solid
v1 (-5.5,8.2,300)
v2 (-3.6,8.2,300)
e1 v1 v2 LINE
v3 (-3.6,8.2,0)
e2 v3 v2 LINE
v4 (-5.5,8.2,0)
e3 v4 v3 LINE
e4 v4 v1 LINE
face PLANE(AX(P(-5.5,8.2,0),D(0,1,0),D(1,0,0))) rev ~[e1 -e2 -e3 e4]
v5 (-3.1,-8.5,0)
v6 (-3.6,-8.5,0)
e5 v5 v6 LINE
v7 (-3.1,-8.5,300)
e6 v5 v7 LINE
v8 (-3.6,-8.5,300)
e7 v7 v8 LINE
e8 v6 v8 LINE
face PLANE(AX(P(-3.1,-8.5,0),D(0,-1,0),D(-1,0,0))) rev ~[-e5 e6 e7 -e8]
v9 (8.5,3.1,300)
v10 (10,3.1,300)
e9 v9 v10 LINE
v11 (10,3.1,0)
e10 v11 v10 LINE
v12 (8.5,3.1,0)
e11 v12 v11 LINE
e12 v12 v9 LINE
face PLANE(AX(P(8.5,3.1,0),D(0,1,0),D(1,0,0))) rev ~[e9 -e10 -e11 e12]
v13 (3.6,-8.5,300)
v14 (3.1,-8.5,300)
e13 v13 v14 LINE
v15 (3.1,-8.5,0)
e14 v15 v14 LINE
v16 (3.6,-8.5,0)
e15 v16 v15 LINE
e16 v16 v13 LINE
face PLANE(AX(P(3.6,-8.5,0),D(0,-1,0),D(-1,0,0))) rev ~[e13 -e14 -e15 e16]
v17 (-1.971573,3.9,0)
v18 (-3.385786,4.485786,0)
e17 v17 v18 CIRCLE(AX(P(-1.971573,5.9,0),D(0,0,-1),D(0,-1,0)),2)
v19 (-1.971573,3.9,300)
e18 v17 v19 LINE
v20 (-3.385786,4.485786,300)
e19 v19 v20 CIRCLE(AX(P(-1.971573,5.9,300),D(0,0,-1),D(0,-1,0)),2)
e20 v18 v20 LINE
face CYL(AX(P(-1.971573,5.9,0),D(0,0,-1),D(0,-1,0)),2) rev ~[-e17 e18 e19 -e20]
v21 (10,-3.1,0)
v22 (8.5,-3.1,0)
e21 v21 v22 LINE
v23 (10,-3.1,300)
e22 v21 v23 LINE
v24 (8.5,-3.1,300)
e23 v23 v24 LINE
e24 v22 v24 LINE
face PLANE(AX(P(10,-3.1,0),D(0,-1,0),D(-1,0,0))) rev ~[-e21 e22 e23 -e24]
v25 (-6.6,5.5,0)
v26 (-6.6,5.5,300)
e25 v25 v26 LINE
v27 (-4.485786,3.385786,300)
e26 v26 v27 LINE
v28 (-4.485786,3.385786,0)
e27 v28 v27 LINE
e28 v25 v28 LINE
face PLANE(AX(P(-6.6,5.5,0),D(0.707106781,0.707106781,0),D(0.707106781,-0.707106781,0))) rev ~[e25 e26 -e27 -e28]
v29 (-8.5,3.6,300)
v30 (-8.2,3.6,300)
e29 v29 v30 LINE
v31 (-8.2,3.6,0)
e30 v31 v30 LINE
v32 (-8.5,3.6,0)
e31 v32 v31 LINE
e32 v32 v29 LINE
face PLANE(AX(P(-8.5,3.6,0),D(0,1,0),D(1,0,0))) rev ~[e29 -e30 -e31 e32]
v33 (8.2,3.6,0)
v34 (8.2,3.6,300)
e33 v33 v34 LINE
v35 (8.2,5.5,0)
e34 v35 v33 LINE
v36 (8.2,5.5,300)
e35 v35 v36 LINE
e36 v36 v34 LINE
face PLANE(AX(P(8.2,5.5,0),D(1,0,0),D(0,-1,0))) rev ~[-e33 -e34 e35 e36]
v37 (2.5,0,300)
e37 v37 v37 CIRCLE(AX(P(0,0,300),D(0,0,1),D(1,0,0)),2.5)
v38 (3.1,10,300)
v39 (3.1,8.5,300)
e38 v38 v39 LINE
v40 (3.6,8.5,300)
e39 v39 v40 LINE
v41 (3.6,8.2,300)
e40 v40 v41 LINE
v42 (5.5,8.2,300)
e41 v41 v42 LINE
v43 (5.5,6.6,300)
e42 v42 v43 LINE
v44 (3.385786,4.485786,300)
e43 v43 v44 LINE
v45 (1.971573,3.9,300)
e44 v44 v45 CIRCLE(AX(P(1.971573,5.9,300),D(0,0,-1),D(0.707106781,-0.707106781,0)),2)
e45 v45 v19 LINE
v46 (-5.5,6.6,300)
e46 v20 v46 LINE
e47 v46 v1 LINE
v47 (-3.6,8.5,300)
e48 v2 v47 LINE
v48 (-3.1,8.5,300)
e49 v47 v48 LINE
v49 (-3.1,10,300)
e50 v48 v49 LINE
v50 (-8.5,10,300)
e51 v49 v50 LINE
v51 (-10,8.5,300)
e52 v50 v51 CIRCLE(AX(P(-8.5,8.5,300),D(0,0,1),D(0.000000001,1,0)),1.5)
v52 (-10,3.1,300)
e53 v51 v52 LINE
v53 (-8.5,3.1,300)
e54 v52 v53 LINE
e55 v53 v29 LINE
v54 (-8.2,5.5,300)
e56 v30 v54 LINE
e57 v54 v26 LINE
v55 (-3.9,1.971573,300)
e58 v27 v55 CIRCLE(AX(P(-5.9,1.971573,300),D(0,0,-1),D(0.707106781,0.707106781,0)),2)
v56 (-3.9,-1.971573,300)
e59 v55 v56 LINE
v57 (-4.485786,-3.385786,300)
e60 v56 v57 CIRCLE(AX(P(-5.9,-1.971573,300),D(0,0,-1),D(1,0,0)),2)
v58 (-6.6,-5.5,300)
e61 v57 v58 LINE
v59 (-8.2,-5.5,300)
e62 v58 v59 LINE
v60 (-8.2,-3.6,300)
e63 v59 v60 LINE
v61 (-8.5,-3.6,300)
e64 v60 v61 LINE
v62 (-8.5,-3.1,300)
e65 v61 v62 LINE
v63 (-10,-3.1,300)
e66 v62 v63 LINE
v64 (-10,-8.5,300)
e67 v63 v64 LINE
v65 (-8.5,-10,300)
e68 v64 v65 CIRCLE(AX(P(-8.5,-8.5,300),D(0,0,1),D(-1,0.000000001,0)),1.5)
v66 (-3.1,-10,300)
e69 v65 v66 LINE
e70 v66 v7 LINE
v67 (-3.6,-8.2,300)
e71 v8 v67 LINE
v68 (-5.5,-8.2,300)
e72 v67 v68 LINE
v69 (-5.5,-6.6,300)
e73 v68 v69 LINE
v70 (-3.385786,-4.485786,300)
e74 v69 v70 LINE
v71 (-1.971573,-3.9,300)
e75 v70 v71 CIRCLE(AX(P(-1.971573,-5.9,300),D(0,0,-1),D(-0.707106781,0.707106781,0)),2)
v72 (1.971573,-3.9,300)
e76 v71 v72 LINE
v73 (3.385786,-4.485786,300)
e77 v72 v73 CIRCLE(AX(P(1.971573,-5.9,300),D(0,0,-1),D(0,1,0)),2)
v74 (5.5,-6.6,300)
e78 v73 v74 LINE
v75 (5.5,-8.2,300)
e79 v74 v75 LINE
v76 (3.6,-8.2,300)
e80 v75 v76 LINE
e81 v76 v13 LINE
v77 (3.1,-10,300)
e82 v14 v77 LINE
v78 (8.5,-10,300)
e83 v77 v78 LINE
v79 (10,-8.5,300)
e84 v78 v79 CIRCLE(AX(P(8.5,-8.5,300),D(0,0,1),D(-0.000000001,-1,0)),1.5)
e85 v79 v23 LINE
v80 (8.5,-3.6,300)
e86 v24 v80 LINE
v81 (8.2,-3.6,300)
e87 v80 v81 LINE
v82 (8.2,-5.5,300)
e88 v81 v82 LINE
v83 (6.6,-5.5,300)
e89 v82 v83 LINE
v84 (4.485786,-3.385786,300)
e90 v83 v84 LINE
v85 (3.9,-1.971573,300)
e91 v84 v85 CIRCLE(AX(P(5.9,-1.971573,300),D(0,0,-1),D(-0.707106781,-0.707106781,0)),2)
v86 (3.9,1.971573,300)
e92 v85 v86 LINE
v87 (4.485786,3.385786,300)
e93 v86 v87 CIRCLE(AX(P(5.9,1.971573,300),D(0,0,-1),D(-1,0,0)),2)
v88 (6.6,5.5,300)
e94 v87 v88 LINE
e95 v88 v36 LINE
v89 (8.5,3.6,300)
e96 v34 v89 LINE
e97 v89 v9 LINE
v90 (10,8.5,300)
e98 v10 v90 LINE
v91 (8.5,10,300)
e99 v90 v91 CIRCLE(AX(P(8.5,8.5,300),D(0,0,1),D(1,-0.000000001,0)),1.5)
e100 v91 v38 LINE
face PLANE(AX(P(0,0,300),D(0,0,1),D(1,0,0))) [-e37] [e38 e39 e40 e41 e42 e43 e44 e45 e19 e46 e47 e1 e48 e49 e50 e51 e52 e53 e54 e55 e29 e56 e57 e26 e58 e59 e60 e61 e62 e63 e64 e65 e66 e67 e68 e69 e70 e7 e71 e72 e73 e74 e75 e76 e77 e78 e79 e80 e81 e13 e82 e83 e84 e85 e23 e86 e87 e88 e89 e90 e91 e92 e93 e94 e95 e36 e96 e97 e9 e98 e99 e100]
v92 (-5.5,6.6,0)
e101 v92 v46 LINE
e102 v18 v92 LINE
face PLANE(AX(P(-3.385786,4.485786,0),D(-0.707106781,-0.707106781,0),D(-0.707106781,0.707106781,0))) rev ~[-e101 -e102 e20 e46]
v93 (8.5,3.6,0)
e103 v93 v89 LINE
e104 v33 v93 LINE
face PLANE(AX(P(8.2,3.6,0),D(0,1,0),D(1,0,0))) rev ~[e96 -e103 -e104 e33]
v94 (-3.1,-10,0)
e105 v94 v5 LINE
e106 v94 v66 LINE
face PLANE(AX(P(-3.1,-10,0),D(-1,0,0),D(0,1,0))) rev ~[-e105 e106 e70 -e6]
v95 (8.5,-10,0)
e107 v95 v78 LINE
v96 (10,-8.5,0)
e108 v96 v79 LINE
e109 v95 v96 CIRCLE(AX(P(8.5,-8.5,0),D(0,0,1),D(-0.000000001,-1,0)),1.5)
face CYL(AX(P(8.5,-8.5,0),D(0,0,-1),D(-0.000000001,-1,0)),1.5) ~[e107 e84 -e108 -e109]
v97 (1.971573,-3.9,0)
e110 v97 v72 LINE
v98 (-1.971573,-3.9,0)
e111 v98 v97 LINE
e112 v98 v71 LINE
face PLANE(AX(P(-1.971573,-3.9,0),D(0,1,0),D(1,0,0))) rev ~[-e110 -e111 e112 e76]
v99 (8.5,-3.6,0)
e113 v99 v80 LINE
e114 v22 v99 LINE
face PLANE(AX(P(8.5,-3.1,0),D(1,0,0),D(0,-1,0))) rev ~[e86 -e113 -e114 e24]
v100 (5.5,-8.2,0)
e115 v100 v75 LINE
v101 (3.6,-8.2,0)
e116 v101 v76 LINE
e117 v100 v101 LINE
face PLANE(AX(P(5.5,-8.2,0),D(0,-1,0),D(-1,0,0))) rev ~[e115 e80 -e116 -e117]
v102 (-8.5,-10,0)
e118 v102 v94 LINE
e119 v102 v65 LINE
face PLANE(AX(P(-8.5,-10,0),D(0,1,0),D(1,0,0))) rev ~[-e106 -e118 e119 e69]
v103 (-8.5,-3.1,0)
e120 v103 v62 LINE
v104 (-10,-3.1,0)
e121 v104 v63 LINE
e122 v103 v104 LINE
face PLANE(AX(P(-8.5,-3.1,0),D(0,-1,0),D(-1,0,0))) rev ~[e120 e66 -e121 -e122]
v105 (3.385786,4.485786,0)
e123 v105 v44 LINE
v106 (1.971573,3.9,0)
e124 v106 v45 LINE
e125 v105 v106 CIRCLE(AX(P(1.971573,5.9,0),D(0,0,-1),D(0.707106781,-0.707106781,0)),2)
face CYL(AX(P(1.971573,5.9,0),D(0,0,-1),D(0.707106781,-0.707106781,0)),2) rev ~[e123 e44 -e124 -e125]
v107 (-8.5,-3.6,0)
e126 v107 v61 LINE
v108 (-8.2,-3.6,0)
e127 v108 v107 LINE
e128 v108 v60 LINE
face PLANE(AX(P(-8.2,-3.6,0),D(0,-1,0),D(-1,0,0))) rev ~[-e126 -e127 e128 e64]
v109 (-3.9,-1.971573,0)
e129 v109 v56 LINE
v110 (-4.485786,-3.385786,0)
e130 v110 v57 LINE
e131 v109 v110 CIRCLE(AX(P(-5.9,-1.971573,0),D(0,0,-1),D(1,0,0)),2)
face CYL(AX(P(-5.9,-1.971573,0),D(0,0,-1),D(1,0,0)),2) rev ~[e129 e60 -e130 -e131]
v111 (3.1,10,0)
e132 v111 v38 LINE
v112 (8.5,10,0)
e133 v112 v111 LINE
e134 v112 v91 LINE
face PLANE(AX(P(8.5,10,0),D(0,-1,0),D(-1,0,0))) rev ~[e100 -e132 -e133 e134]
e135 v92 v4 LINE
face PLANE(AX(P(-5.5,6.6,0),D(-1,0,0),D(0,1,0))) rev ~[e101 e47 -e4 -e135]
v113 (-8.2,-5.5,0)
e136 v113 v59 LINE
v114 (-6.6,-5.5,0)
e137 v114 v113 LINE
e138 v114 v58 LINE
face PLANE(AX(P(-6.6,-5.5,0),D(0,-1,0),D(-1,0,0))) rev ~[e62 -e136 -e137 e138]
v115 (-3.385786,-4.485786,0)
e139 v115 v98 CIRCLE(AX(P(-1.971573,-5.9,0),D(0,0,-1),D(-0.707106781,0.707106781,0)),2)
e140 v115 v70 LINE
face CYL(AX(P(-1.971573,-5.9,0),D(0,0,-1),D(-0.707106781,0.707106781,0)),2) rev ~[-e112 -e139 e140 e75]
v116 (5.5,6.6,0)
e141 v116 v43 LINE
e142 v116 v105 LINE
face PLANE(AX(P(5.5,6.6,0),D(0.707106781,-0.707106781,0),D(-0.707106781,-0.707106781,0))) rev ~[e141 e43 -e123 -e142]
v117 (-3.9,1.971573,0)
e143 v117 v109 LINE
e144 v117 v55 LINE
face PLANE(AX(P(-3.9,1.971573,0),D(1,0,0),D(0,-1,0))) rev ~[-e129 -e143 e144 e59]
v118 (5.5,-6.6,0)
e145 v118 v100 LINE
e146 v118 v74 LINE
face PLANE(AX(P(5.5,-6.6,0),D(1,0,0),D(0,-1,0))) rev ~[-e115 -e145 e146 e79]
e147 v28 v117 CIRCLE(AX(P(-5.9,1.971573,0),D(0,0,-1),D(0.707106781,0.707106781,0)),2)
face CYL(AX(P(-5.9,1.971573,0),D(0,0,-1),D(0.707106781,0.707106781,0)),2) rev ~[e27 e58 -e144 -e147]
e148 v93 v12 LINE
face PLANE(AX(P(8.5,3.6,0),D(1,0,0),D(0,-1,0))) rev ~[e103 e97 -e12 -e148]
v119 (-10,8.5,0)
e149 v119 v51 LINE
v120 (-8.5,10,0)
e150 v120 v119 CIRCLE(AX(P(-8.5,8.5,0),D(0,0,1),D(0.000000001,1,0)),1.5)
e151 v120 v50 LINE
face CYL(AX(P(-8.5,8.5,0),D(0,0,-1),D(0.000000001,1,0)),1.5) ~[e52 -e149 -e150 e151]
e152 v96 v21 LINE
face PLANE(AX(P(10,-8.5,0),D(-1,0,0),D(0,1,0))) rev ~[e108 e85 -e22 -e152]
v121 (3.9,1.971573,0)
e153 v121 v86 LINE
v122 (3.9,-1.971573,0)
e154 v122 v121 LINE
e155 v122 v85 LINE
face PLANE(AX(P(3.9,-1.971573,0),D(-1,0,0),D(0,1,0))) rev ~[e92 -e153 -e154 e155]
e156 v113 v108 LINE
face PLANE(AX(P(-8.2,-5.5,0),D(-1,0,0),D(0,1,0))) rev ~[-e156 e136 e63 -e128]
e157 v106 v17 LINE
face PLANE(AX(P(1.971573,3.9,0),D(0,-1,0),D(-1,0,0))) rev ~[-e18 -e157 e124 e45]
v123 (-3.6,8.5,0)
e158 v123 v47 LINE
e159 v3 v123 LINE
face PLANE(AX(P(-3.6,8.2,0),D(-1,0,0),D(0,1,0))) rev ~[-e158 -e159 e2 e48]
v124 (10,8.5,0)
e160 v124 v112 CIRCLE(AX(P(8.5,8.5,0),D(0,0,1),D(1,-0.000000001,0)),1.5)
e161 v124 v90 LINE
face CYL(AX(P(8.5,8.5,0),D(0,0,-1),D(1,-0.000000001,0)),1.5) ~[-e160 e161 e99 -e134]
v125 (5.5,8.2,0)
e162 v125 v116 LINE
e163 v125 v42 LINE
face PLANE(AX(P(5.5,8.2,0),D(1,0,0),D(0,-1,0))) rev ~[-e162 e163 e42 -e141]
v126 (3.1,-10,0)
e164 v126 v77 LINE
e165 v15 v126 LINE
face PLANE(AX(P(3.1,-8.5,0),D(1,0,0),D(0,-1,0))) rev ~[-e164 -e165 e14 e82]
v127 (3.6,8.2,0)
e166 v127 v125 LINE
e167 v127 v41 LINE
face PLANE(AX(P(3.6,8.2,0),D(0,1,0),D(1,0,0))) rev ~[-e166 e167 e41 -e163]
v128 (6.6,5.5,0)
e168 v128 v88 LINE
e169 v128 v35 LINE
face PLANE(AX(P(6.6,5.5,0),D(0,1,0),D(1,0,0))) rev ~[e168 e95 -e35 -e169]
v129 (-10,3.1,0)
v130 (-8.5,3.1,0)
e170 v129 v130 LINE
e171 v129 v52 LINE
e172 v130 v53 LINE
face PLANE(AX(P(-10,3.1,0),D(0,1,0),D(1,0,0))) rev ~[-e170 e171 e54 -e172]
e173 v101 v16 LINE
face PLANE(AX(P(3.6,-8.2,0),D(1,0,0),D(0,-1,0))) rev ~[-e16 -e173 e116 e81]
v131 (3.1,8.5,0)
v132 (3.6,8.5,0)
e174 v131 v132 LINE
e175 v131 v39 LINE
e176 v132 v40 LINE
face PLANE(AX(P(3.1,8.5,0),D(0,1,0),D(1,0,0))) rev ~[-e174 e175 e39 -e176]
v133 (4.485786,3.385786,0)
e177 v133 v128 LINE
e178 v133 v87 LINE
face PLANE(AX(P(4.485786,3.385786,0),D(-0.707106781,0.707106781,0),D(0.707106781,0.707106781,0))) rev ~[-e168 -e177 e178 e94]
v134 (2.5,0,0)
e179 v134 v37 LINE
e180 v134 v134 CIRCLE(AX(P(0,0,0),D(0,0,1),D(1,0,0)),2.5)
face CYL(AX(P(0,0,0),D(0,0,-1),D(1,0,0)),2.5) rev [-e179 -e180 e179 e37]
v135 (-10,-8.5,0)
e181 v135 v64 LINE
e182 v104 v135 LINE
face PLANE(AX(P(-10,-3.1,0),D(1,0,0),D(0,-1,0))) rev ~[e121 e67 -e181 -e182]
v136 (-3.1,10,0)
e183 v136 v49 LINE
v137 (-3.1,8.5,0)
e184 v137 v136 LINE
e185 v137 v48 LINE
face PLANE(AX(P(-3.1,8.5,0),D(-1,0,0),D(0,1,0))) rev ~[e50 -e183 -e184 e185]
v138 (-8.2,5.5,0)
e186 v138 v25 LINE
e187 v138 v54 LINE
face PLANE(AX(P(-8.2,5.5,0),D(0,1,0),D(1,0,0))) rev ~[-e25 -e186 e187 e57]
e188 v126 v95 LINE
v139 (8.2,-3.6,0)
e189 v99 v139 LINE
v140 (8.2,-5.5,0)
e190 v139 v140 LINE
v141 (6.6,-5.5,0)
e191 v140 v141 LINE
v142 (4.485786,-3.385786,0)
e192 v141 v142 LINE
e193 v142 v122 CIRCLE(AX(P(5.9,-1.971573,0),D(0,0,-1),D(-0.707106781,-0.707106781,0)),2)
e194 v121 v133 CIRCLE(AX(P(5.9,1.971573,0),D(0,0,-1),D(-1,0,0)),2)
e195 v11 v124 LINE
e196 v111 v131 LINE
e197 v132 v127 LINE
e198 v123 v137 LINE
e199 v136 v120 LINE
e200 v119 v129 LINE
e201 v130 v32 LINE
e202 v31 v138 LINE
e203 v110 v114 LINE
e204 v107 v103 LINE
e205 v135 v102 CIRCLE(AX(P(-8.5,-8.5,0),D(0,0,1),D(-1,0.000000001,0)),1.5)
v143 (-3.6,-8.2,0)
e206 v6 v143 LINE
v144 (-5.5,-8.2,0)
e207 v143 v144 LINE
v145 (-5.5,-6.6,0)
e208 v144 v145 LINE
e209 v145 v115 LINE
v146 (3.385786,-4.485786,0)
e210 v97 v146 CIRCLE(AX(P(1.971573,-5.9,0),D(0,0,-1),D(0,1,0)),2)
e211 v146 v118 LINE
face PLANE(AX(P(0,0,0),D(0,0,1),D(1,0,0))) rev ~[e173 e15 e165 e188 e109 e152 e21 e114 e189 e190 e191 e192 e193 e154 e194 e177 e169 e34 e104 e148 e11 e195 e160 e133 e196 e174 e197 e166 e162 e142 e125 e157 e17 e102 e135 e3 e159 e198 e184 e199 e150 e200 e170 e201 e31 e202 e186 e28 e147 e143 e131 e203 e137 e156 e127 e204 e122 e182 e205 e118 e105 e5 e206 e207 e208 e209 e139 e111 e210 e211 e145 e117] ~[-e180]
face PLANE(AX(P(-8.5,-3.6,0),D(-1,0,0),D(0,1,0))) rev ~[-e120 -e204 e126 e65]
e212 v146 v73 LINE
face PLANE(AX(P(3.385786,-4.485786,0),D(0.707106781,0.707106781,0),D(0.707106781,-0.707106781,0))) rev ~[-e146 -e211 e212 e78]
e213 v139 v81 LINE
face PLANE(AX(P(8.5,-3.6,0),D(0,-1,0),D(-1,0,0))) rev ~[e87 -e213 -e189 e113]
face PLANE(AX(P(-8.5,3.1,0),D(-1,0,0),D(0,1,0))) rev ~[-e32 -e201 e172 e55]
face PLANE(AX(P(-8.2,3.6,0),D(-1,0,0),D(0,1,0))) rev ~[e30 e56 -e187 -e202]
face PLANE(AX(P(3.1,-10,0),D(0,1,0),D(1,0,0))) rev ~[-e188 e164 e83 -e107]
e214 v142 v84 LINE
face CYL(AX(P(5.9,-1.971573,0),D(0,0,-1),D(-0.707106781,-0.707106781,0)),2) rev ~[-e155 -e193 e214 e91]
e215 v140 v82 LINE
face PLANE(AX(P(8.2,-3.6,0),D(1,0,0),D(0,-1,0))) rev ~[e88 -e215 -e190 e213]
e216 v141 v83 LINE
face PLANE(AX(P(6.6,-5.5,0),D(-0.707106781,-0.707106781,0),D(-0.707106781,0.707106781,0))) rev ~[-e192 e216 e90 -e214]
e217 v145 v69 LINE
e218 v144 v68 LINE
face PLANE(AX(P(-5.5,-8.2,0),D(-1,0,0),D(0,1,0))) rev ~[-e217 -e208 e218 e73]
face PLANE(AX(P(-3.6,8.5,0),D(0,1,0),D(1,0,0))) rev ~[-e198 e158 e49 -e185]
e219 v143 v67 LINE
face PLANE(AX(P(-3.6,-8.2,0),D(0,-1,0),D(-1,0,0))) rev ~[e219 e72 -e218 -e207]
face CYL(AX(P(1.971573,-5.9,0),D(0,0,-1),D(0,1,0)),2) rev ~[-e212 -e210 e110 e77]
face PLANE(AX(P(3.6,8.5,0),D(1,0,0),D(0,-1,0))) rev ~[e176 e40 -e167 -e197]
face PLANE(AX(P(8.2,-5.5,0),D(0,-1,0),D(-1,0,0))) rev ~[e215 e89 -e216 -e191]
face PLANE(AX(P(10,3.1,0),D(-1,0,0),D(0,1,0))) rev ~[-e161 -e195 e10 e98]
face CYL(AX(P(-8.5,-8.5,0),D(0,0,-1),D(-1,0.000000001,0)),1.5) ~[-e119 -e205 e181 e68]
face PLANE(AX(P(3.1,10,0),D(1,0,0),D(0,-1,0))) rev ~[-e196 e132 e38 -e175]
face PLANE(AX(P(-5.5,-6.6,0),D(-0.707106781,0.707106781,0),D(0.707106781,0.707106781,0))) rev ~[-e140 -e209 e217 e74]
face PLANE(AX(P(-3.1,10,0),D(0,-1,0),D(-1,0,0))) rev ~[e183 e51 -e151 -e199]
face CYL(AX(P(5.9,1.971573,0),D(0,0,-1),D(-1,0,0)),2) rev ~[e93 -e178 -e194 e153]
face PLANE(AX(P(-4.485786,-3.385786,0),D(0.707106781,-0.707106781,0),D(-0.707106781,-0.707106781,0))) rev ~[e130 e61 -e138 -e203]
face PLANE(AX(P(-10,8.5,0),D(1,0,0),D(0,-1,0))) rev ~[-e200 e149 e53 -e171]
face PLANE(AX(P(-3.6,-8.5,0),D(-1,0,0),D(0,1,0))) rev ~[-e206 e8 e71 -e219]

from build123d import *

# Parameters (mm, degrees)
SKETCH1_R           = 2.5
BOSS_EXTRUDE1_DEPTH = 300


with BuildPart() as part:
    # Sketch1 → Boss-Extrude1 (new body)
    with BuildSketch(Plane.XY):
        with BuildLine():
            Line((1.971572875, 3.9), (-1.971572875, 3.9))
            ThreePointArc((-1.971572875, 3.9), (-2.73693974, 4.052240935), (-3.385786438, 4.485786438))
            Line((-3.385786438, 4.485786438), (-5.5, 6.6))
            Line((-5.5, 6.6), (-5.5, 8.2))
            Line((-5.5, 8.2), (-3.6, 8.2))
            Line((-3.6, 8.2), (-3.6, 8.5))
            Line((-3.6, 8.5), (-3.1, 8.5))
            Line((-3.1, 8.5), (-3.1, 10))
            Line((-3.1, 10), (-8.5, 10))
            ThreePointArc((-8.5, 10), (-9.560660172, 9.560660172), (-10, 8.5))
            Line((-10, 8.5), (-10, 3.1))
            Line((-10, 3.1), (-8.5, 3.1))
            Line((-8.5, 3.1), (-8.5, 3.6))
            Line((-8.5, 3.6), (-8.2, 3.6))
            Line((-8.2, 3.6), (-8.2, 5.5))
            Line((-8.2, 5.5), (-6.6, 5.5))
            Line((-6.6, 5.5), (-4.485786438, 3.385786438))
            ThreePointArc((-4.485786438, 3.385786438), (-4.052240935, 2.73693974), (-3.9, 1.971572875))
            Line((-3.9, 1.971572875), (-3.9, -1.971572875))
            ThreePointArc((-3.9, -1.971572875), (-4.052240935, -2.73693974), (-4.485786438, -3.385786438))
            Line((-4.485786438, -3.385786438), (-6.6, -5.5))
            Line((-6.6, -5.5), (-8.2, -5.5))
            Line((-8.2, -5.5), (-8.2, -3.6))
            Line((-8.2, -3.6), (-8.5, -3.6))
            Line((-8.5, -3.6), (-8.5, -3.1))
            Line((-8.5, -3.1), (-10, -3.1))
            Line((-10, -3.1), (-10, -8.5))
            ThreePointArc((-10, -8.5), (-9.560660172, -9.560660172), (-8.5, -10))
            Line((-8.5, -10), (-3.1, -10))
            Line((-3.1, -10), (-3.1, -8.5))
            Line((-3.1, -8.5), (-3.6, -8.5))
            Line((-3.6, -8.5), (-3.6, -8.2))
            Line((-3.6, -8.2), (-5.5, -8.2))
            Line((-5.5, -8.2), (-5.5, -6.6))
            Line((-5.5, -6.6), (-3.385786438, -4.485786438))
            ThreePointArc((-3.385786438, -4.485786438), (-2.73693974, -4.052240935), (-1.971572875, -3.9))
            Line((-1.971572875, -3.9), (1.971572875, -3.9))
            ThreePointArc((1.971572875, -3.9), (2.73693974, -4.052240935), (3.385786438, -4.485786438))
            Line((3.385786438, -4.485786438), (5.5, -6.6))
            Line((5.5, -6.6), (5.5, -8.2))
            Line((5.5, -8.2), (3.6, -8.2))
            Line((3.6, -8.2), (3.6, -8.5))
            Line((3.6, -8.5), (3.1, -8.5))
            Line((3.1, -8.5), (3.1, -10))
            Line((3.1, -10), (8.5, -10))
            ThreePointArc((8.5, -10), (9.560660172, -9.560660172), (10, -8.5))
            Line((10, -8.5), (10, -3.1))
            Line((10, -3.1), (8.5, -3.1))
            Line((8.5, -3.1), (8.5, -3.6))
            Line((8.5, -3.6), (8.2, -3.6))
            Line((8.2, -3.6), (8.2, -5.5))
            Line((8.2, -5.5), (6.6, -5.5))
            Line((6.6, -5.5), (4.485786438, -3.385786438))
            ThreePointArc((4.485786438, -3.385786438), (4.052240935, -2.73693974), (3.9, -1.971572875))
            Line((3.9, -1.971572875), (3.9, 1.971572875))
            ThreePointArc((3.9, 1.971572875), (4.052240935, 2.73693974), (4.485786438, 3.385786438))
            Line((4.485786438, 3.385786438), (6.6, 5.5))
            Line((6.6, 5.5), (8.2, 5.5))
            Line((8.2, 5.5), (8.2, 3.6))
            Line((8.2, 3.6), (8.5, 3.6))
            Line((8.5, 3.6), (8.5, 3.1))
            Line((8.5, 3.1), (10, 3.1))
            Line((10, 3.1), (10, 8.5))
            ThreePointArc((10, 8.5), (9.560660172, 9.560660172), (8.5, 10))
            Line((8.5, 10), (3.1, 10))
            Line((3.1, 10), (3.1, 8.5))
            Line((3.1, 8.5), (3.6, 8.5))
            Line((3.6, 8.5), (3.6, 8.2))
            Line((3.6, 8.2), (5.5, 8.2))
            Line((5.5, 8.2), (5.5, 6.6))
            Line((5.5, 6.6), (3.385786438, 4.485786438))
            ThreePointArc((3.385786438, 4.485786438), (2.73693974, 4.052240935), (1.971572875, 3.9))
        make_face()
        Circle(SKETCH1_R, mode=Mode.SUBTRACT)
    extrude(amount=BOSS_EXTRUDE1_DEPTH)


solid = part.part
